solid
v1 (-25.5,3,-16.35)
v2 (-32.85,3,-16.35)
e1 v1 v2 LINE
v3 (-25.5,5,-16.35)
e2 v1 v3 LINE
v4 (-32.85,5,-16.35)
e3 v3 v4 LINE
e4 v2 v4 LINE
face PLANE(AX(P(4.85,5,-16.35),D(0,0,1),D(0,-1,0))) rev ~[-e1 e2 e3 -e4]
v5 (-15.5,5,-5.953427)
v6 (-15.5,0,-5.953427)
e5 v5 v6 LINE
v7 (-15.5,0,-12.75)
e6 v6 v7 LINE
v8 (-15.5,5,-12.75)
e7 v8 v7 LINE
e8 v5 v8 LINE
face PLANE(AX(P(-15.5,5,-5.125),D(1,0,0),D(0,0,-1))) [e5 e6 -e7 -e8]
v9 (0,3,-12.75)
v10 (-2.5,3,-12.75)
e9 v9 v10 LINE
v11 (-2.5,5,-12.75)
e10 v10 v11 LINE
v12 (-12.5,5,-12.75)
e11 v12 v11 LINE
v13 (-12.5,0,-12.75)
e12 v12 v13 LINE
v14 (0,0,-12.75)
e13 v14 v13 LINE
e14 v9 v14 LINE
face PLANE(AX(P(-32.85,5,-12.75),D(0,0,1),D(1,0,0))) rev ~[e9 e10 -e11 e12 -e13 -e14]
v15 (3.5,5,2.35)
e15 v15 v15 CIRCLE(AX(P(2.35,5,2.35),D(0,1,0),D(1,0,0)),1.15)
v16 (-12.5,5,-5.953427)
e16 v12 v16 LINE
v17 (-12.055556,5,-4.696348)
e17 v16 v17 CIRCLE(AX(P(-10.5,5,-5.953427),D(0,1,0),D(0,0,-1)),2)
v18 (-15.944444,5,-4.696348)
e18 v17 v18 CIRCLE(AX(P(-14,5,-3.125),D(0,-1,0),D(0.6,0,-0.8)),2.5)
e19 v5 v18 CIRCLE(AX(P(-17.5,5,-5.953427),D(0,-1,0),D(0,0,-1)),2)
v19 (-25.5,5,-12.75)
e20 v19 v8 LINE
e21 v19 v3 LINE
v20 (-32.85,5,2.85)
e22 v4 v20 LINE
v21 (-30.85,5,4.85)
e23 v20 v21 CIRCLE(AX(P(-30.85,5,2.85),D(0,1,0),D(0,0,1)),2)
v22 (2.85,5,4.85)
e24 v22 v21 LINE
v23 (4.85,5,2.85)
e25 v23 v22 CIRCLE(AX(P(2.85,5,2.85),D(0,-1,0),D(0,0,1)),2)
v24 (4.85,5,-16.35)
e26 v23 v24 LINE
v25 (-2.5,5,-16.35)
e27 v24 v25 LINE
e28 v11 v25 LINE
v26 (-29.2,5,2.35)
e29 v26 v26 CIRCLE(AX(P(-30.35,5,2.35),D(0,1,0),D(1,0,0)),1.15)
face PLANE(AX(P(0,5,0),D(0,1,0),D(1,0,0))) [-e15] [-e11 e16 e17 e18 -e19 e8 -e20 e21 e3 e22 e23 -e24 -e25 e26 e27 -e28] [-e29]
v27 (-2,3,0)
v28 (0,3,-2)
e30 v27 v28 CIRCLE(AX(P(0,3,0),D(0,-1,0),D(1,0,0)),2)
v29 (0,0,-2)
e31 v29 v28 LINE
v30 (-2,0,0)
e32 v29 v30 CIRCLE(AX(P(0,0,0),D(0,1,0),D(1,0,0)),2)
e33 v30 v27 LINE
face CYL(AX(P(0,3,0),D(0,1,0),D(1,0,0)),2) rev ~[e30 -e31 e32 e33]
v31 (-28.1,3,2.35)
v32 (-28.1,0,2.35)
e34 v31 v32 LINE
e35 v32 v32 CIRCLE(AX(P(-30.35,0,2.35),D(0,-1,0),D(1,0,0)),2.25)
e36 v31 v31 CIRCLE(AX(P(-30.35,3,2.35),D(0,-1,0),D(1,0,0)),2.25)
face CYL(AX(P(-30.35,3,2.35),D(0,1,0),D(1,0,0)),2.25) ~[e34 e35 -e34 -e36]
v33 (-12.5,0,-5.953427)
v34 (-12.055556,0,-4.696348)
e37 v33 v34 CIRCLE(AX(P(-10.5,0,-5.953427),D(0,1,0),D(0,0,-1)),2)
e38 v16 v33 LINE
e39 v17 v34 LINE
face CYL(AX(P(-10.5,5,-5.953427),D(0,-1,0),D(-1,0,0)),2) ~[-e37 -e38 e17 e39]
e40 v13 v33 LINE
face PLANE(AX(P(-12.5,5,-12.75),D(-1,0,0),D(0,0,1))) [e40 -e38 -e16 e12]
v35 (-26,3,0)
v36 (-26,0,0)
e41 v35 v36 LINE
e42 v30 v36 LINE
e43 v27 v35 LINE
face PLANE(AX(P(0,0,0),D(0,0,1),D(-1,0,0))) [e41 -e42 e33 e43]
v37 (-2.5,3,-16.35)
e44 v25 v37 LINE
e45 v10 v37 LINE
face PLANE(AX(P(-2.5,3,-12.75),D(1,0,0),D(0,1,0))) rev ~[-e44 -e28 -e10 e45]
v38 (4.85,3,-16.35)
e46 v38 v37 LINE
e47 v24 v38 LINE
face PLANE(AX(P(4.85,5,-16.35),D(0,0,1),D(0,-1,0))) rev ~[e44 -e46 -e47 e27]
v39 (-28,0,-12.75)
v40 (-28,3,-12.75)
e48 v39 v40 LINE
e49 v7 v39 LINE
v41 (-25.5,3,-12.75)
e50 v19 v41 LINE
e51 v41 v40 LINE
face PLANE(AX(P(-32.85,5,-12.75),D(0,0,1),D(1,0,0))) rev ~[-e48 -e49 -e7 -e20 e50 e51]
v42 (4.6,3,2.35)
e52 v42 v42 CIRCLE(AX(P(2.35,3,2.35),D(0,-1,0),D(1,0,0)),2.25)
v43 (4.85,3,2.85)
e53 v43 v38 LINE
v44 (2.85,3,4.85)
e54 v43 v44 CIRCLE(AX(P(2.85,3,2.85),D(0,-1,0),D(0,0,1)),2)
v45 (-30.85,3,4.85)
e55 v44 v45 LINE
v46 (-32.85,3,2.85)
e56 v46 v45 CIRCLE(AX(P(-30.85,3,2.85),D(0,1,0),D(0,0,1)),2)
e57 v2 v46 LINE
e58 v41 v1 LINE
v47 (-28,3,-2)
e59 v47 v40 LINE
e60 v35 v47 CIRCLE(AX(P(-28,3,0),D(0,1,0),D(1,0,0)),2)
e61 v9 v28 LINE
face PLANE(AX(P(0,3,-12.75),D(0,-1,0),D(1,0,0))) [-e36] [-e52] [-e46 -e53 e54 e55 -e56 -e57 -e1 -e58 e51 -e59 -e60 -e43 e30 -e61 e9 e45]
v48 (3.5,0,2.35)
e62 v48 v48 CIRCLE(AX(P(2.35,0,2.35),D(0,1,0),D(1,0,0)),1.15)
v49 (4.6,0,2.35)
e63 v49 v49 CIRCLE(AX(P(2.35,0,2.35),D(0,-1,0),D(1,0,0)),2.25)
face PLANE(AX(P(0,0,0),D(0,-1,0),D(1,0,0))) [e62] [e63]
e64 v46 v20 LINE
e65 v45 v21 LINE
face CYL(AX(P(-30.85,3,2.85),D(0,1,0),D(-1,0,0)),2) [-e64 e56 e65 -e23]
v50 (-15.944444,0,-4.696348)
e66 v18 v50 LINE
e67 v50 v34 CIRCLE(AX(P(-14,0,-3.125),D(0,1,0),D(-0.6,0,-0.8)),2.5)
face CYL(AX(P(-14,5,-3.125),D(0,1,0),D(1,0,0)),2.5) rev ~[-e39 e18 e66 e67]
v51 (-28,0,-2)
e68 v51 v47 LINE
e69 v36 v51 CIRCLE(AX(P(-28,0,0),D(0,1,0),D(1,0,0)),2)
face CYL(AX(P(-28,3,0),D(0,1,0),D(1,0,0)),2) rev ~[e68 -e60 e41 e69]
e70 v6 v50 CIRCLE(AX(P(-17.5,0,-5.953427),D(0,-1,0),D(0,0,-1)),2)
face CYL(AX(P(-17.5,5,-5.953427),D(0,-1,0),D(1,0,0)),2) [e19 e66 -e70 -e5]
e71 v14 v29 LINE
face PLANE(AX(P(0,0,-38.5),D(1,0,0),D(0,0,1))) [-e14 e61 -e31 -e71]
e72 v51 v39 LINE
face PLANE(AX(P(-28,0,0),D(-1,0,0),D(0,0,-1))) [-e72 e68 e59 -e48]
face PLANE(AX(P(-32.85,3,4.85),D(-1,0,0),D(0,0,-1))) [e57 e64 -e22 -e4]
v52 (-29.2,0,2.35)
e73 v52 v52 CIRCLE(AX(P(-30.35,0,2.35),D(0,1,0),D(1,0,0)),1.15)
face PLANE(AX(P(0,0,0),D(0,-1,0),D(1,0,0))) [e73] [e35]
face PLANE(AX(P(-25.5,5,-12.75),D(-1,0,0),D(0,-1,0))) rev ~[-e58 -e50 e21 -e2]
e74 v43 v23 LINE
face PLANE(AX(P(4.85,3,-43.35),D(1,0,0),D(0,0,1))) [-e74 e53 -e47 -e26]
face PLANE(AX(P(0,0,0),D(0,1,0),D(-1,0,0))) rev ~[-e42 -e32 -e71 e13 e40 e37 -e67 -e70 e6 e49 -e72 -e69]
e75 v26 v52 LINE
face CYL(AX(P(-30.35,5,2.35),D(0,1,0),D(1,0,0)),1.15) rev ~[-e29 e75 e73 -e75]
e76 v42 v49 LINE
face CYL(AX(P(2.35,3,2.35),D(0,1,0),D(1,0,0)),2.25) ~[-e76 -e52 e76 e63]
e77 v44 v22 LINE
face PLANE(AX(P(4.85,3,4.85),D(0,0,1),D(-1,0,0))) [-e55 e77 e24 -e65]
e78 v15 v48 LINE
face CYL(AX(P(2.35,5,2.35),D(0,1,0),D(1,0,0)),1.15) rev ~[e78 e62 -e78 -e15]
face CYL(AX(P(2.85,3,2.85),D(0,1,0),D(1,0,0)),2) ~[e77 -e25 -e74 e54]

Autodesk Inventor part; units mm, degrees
ref_plane "YZ Plane" through (0, 0, 0) normal (1, 0, 0) x (0, 1, 0)
ref_plane "XZ Plane" through (0, 0, 0) normal (0, 1, 0) x (-1, 0, 0)
ref_plane "XY Plane" through (0, 0, 0) normal (0, 0, 1) x (1, 0, 0)
sketch "Sketch1" plane through (0, 0, 0) normal (0, 1, 0) x (-1, 0, 0)
  line L0 (0, 0) -> (28, 0)
  line L1 (28, 0) -> (28, -38.5)
  line L2 (28, -38.5) -> (0, -38.5)
  line L3 (0, -38.5) -> (0, 0)
  dimension "d0" = 28
  dimension "d1" = 38.5
extrude "Extrusion1" add sketch "Sketch1" along normal blind 3
sketch "Sketch2" plane through (0, 3, 0) normal (0, 1, 0) x (1, 0, 0)
  line L0 (-28, 0) -> (0, 0) projected
  circle A0 centre (0, 0) radius 2
  circle A1 centre (-28, 0) radius 2
  line L1 (0, 38.5) -> (-28, 38.5) projected
  circle A2 centre (-28, 38.5) radius 2
  circle A3 centre (0, 38.5) radius 2
  dimension "d8" = 4
  dimension "d9" = 4
  dimension "d10" = 4
  dimension "d11" = 4
extrude "Extrusion2" cut sketch "Sketch2" against normal blind 3
sketch "Sketch3" plane through (0, 3, 0) normal (0, 1, 0) x (1, 0, 0)
  line L0 (-32.85, 43.35) -> (4.85, 43.35)
  line L1 (4.85, 43.35) -> (4.85, -4.85)
  line L2 (4.85, -4.85) -> (-32.85, -4.85)
  line L3 (-32.85, -4.85) -> (-32.85, 43.35)
  line L4 (-2, 38.5) -> (-26, 38.5) projected
  line L5 (0, 2) -> (0, 36.5) projected
  point P0 (0, 0)
  point P1 (-2, 6.25)
  point P2 (-26, 32.25)
  dimension "d14" = 48.2
  dimension "d15" = 37.7
  dimension "d16" = 4.85
  dimension "d17" = 4.85
extrude "Extrusion3" add sketch "Sketch3" along normal blind 2
sketch "Sketch4" plane through (0, 3, 0) normal (0, -1, 0) x (1, 0, 0)
  circle A0 centre (2.35, -40.85) radius 2.25
  line L0 (-2, -38.5) -> (-26, -38.5) projected
  line L1 (0, -2) -> (0, -36.5) projected
  circle A1 centre (-30.35, -40.85) radius 2.25
  line L2 (-28, -36.5) -> (-28, -2) projected
  circle A2 centre (-30.35, 2.35) radius 2.25
  line L3 (-26, 0) -> (-2, 0) projected
  circle A3 centre (2.35, 2.35) radius 2.25
  point P0 (0, 0)
  dimension "d20" = 4.5
  dimension "d21" = 2.35
  dimension "d22" = 2.35
  dimension "d23" = 4.5
  dimension "d24" = 2.35
  dimension "d25" = 2.35
  dimension "d26" = 4.5
  dimension "d27" = 2.35
  dimension "d28" = 4.5
  dimension "d29" = 2.35
  dimension "d30" = 2.35
  dimension "d31" = 2.35
extrude "Extrusion4" add sketch "Sketch4" along normal blind 3
fillet "Fillet1" radius 2 4 edges at (4.85, 4, -43.35) (4.85, 4, 4.85) (-32.85, 4, 4.85) (-32.85, 4, -43.35)
sketch "Sketch5" plane through (0, 5, 0) normal (0, 1, 0) x (1, 0, 0)
  circle A0 centre (0, 19.25) radius 1
  circle A1 centre (-28, 19.25) radius 1
  line L0 (4.85, -2.85) -> (4.85, 41.35) projected
  line L1 (-30.85, -4.85) -> (2.85, -4.85) projected
  point P0 (0, 0)
  dimension "d45" = 2
  dimension "d46" = 2
  dimension "d73" = 28
  dimension "d81" = 24.1
  dimension "d82" = 4.85
extrude "Extrusion6" cut sketch "Sketch5" against normal through all
sketch "Sketch8" plane through (0, 5, 0) normal (0, 1, 0) x (1, 0, 0)
  circle A0 centre (-14, 3.125) radius 2.5
  line L0 (-2, 6.25) -> (-26, 6.25) projected
  line L1 (-26, 0) -> (-2, 0) projected
  line L2 (-32.85, 41.35) -> (-32.85, -2.85) projected
  point P0 (0, 0)
  dimension "d68" = 5
  dimension "d69" = 3.125
  dimension "d70" = 18.85
extrude "Extrusion9" cut sketch "Sketch8" against normal through all
sketch "Sketch10" plane through (0, 5, 0) normal (0, 1, 0) x (1, 0, 0)
  line L0 (-25.5, 12.75) -> (-2.5, 12.75)
  line L1 (-2.5, 12.75) -> (-2.5, 25.75)
  line L2 (-2.5, 25.75) -> (-25.5, 25.75)
  line L3 (-25.5, 25.75) -> (-25.5, 12.75)
  line L4 (-32.85, 41.35) -> (-32.85, -2.85) projected
  circle A0 centre (-28, 19.25) radius 1 projected
  point P0 (0, 0)
  dimension "d83" = 23
  dimension "d84" = 13
  dimension "d85" = 7.35
  dimension "d86" = 6.5
extrude "Extrusion11" cut sketch "Sketch10" against normal through all contours L3 L2 L1 L0
sketch "Sketch11" plane through (0, 5, 0) normal (0, 1, 0) x (1, 0, 0)
  line L0 (-32.85, 41.35) -> (-32.85, -2.85) projected
  line L1 (-32.85, 12.75) -> (4.85, 12.75)
  line L2 (4.85, 12.75) -> (4.85, 43.35)
  line L3 (4.85, 43.35) -> (-32.85, 43.35)
  line L4 (-32.85, 43.35) -> (-32.85, 12.75)
  line L5 (-2.5, 12.75) -> (-25.5, 12.75) projected
  point P0 (0, 0)
  point P1 (-30.85, 43.35)
  point P2 (4.85, 41.35)
extrude "Extrusion12" cut sketch "Sketch11" against normal through all
sketch "Sketch9" plane through (0, 5, 0) normal (0, 1, 0) x (1, 0, 0)
  circle A0 centre (-14, 3.125) radius 2.5 projected
  line L0 (-15.5, 5.125) -> (-15.5, 12.75)
  line L1 (-15.5, 12.75) -> (-12.5, 12.75)
  line L2 (-12.5, 12.75) -> (-12.5, 5.125)
  arc A1 (-12.5, 5.125) -> (-15.5, 5.125) centre (-14, 3.125) ccw
  line L3 (4.85, 12.75) -> (-32.85, 12.75) projected
  point P0 (0, 0)
  point P1 (-14, 12.75)
  point P2 (-14, 12.75)
  dimension "d76" = 3
  dimension "d77" = 1.5
extrude "Extrusion13" cut sketch "Sketch9" against normal through all contours A0 L0 L1 L2
fillet "Fillet3" radius 2 2 edges at (-15.5, 2.5, -5.125) (-12.5, 2.5, -5.125)
sketch "Sketch12" plane through (2.35, 0, 2.35) normal (0, -1, 0) x (1, 0, 0)
  point P0 (-2.35, -2.35)
sketch "Sketch13" plane through (0, 5, 0) normal (0, 1, 0) x (1, 0, 0)
  circle A0 centre (2.35, -2.35) radius 2.25 projected
  circle A1 centre (2.35, -2.35) radius 1.15
  circle A2 centre (-30.35, -2.35) radius 2.25 projected
  circle A3 centre (-30.35, -2.35) radius 1.15
  point P0 (0, 0)
  dimension "d96" = 2.3
  dimension "d97" = 2.3
extrude "Extrusion14" cut sketch "Sketch13" against normal through all contours A1 | A3
sketch "Sketch15" plane through (0, 0, -12.75) normal (0, 0, -1) x (-1, 0, 0)
  line L0 (0, 3) -> (-4.85, 3) projected
  line L1 (30.85, 5) -> (-2.85, 5) projected
  line L2 (-4.85, 3) -> (2.5, 3)
  line L3 (2.5, 3) -> (2.5, 5)
  line L4 (2.5, 5) -> (-4.85, 5)
  line L5 (-4.85, 5) -> (-4.85, 3)
  line L6 (32.85, 5) -> (32.85, 3) projected
  line L7 (32.85, 5) -> (25.5, 5)
  line L8 (25.5, 5) -> (25.5, 3)
  line L9 (25.5, 3) -> (32.85, 3)
  line L10 (32.85, 3) -> (32.85, 5)
  point P0 (0, 0)
  point P1 (28, 0)
  dimension "d109" = 2.5
  dimension "d110" = 2.5
extrude "Extrusion16" add sketch "Sketch15" along normal blind 4
sketch "Sketch16" plane through (4.85, 3, 2.85) normal (1, 0, 0) x (0, 0, -1)
  line L0 (19.6, 2) -> (0, 2) projected
  line L1 (19.6, 0) -> (0, 0) projected
  line L2 (19.6, 2) -> (19.2, 2)
  line L3 (19.2, 2) -> (19.2, 0)
  line L4 (19.2, 0) -> (19.6, 0)
  line L5 (19.6, 0) -> (19.6, 2)
  point P0 (2.85, -3)
  dimension "d111" = 0.4
extrude "Extrusion17" cut sketch "Sketch16" against normal through all
properties part number "ServoFullMountInsert"
